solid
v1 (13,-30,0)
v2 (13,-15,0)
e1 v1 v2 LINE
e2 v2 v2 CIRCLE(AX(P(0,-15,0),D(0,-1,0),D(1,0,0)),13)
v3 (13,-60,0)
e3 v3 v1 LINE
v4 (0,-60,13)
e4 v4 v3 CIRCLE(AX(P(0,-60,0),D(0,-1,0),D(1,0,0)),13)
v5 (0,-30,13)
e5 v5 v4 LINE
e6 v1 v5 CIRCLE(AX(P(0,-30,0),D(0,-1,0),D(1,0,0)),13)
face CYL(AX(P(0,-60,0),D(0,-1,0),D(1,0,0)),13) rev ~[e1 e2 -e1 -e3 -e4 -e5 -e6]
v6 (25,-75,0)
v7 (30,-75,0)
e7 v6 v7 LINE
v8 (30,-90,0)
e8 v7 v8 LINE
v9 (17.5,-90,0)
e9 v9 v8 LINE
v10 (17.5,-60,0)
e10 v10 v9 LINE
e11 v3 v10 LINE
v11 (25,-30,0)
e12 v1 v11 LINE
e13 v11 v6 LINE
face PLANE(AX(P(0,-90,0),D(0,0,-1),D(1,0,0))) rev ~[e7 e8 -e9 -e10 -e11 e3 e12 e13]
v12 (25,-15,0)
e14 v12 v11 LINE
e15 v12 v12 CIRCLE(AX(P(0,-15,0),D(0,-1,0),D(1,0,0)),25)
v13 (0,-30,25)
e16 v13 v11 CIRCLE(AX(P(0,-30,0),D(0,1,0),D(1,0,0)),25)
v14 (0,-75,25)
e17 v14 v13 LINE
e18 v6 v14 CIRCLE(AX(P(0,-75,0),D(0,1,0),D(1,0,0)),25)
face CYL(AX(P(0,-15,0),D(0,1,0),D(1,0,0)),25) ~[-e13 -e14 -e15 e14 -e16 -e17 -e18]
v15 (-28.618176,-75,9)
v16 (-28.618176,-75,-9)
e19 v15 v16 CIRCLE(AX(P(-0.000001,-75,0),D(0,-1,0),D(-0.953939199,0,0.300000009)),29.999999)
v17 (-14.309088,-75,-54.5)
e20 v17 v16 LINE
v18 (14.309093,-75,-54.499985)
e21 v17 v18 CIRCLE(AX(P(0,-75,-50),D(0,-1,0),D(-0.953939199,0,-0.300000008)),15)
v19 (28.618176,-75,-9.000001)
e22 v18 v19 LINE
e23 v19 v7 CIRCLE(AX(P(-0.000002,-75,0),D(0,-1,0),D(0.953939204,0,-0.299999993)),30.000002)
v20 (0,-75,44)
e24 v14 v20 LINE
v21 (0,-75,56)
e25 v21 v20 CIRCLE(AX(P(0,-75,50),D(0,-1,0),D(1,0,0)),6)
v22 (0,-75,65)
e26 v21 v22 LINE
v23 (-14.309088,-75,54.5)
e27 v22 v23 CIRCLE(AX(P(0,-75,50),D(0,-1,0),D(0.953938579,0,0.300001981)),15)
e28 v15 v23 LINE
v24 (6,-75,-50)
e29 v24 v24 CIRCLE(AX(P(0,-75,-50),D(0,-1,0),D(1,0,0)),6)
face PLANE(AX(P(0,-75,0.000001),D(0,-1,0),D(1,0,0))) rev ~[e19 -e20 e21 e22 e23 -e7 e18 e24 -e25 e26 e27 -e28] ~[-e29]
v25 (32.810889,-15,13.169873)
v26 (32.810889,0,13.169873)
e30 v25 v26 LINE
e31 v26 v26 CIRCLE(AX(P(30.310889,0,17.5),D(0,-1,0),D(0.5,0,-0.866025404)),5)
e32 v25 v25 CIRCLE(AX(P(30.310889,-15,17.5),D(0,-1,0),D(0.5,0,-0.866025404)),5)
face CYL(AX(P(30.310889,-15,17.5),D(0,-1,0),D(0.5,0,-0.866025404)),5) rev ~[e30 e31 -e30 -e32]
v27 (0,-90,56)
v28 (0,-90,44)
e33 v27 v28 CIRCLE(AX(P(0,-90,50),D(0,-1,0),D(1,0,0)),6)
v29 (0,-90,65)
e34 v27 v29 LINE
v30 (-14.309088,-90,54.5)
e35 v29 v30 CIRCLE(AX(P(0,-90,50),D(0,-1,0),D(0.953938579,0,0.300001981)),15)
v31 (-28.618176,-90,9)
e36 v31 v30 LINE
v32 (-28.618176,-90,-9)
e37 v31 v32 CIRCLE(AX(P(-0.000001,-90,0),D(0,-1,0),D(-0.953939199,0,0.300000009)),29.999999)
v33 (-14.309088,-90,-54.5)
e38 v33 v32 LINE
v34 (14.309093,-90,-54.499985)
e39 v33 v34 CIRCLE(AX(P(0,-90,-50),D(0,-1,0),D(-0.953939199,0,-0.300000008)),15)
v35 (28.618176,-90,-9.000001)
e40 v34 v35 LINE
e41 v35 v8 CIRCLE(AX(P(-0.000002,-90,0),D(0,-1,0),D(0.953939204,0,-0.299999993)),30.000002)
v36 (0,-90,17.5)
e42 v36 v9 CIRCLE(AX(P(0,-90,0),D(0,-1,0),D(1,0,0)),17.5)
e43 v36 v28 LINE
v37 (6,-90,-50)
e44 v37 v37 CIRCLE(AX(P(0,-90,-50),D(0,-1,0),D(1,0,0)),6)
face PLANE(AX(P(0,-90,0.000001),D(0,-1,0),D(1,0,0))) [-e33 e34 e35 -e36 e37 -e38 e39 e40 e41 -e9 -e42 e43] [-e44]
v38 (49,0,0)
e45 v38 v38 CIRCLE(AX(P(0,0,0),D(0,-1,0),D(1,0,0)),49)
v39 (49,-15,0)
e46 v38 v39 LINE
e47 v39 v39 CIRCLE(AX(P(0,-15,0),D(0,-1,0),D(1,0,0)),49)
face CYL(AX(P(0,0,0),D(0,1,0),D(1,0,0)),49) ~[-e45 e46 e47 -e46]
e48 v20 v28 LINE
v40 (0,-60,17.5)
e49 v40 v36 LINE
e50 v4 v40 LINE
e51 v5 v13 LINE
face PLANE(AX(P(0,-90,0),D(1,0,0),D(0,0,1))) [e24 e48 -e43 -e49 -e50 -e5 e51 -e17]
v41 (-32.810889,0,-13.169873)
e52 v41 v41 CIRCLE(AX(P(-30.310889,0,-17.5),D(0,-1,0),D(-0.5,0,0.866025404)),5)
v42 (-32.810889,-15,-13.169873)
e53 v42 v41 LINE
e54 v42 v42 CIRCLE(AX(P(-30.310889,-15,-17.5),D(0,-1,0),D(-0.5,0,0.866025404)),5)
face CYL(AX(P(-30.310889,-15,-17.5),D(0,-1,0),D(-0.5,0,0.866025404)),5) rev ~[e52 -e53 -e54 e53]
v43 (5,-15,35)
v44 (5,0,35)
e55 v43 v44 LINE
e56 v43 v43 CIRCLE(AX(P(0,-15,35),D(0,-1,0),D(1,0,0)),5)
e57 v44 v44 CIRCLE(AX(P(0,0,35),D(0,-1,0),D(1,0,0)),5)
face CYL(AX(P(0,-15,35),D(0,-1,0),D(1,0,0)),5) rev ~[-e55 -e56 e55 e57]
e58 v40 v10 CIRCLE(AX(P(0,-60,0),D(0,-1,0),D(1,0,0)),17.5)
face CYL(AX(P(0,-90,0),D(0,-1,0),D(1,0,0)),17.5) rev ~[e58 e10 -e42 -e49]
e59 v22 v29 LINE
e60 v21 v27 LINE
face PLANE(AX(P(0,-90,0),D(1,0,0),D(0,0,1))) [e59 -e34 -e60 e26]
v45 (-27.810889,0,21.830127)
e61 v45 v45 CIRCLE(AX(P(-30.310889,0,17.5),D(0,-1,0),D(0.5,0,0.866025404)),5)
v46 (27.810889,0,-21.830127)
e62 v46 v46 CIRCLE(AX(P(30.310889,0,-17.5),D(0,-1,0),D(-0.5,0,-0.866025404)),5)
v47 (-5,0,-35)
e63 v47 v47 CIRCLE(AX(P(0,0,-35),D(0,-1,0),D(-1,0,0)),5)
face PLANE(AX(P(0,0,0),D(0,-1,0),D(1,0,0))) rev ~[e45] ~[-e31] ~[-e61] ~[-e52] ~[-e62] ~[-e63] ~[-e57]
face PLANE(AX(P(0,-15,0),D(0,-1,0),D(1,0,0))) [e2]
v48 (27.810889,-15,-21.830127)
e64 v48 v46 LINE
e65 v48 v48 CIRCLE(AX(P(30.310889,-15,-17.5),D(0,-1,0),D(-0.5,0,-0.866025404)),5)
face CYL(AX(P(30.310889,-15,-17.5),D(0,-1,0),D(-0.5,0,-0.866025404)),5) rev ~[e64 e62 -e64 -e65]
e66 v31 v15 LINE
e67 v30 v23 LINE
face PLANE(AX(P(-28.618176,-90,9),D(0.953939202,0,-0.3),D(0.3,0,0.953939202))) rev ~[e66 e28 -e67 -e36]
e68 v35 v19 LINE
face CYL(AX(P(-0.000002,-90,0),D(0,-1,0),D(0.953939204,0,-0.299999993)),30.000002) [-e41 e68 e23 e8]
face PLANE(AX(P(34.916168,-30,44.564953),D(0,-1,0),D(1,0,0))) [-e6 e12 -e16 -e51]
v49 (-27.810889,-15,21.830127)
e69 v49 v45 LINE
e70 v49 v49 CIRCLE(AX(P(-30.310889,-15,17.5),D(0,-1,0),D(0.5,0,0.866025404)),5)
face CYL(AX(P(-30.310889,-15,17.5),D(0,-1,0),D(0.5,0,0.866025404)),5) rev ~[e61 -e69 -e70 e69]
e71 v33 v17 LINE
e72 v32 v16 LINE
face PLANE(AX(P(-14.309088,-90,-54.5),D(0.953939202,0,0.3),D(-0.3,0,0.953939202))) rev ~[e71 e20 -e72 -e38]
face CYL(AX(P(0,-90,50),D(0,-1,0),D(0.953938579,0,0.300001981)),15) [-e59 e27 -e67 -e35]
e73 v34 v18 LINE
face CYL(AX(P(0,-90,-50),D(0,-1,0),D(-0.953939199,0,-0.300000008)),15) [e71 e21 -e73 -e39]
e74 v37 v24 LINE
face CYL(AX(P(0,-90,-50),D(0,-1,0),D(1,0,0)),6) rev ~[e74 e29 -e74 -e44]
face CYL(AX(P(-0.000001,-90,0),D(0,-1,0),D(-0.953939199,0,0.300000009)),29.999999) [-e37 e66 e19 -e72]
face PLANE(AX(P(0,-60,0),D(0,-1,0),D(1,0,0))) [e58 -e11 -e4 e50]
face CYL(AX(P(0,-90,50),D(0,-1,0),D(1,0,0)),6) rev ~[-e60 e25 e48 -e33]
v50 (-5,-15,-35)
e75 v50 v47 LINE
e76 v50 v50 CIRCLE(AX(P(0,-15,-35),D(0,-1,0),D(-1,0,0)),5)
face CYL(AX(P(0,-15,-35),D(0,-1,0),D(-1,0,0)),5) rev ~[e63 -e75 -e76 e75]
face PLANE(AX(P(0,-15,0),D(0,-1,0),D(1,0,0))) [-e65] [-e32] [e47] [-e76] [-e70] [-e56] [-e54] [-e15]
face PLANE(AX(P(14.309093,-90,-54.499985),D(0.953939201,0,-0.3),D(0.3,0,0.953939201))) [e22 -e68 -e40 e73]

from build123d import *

# Parameters (mm, degrees)
SKETCH_R           = 49
PAD_DEPTH          = 15
SKETCH001_R        = 5
POCKET_DEPTH       = 293.805591
POLARPATTERN_COUNT = 6
SKETCH002_R        = 25
PAD001_DEPTH       = 75
SKETCH003_R        = 17.5
POCKET001_DEPTH    = 30
SKETCH004_R        = 13
POCKET002_DEPTH    = 45
SKETCH005_R        = 6
SKETCH005_R_2      = 17.5
PAD002_DEPTH       = 15
SKETCH006_W        = 69.832336
SKETCH006_H        = 89.129906
POCKET003_DEPTH    = 60


with BuildPart() as part:
    # Sketch → Pad (new body)
    with BuildSketch(Plane.XZ):
        Circle(SKETCH_R)
    extrude(amount=PAD_DEPTH)

    # Sketch001 → Pocket (cut, through all)
    with BuildSketch(Plane.XZ.offset(15)):
        with Locations((0, 35)):
            Circle(SKETCH001_R)
    pocket = extrude(amount=-POCKET_DEPTH, mode=Mode.SUBTRACT)

    # PolarPattern: Pocket ×6 about axis
    polarpattern_axis = Axis((0, -15, 0), (0, -1, 0))
    for i in range(1, POLARPATTERN_COUNT):
        add(pocket.rotate(polarpattern_axis, i * 360 / POLARPATTERN_COUNT), mode=Mode.SUBTRACT)

    # Sketch002 → Pad001 (new body)
    with BuildSketch(Plane.XZ.offset(15)):
        Circle(SKETCH002_R)
    extrude(amount=PAD001_DEPTH)

    # Sketch003 → Pocket001 (cut)
    with BuildSketch(Plane.XZ.offset(90)):
        Circle(SKETCH003_R)
    extrude(amount=-POCKET001_DEPTH, mode=Mode.SUBTRACT)

    # Sketch004 → Pocket002 (cut)
    with BuildSketch(Plane.XZ.offset(60)):
        Circle(SKETCH004_R)
    extrude(amount=-POCKET002_DEPTH, mode=Mode.SUBTRACT)

    # Sketch005 → Pad002 (new body)
    with BuildSketch(Plane.XZ.offset(90)):
        with BuildLine():
            ThreePointArc((-28.618176, 9), (-30, 0), (-28.618176, -9))
            Line((-14.309088, -54.5), (-28.618176, -9))
            ThreePointArc((-14.309088, -54.5), (8e-06, -65), (14.309093, -54.499985))
            Line((14.309093, -54.499985), (28.618176, -9.000001))
            ThreePointArc((28.618176, -9.000001), (30, 0), (28.618176, 9))
            Line((14.309078, 54.50003), (28.618176, 9))
            ThreePointArc((14.309078, 54.50003), (-1.6e-05, 65), (-14.309088, 54.5))
            Line((-28.618176, 9), (-14.309088, 54.5))
        make_face()
        with Locations((0, 50)):
            Circle(SKETCH005_R, mode=Mode.SUBTRACT)
        with Locations((0, -50)):
            Circle(SKETCH005_R, mode=Mode.SUBTRACT)
        Circle(SKETCH005_R_2, mode=Mode.SUBTRACT)
    extrude(amount=-PAD002_DEPTH)

    # Sketch006 → Pocket003 (cut)
    with BuildSketch(Plane.XZ.offset(90)):
        with Locations((34.916168, 44.564953)):
            Rectangle(SKETCH006_W, SKETCH006_H)
    extrude(amount=-POCKET003_DEPTH, mode=Mode.SUBTRACT)


solid = part.part
